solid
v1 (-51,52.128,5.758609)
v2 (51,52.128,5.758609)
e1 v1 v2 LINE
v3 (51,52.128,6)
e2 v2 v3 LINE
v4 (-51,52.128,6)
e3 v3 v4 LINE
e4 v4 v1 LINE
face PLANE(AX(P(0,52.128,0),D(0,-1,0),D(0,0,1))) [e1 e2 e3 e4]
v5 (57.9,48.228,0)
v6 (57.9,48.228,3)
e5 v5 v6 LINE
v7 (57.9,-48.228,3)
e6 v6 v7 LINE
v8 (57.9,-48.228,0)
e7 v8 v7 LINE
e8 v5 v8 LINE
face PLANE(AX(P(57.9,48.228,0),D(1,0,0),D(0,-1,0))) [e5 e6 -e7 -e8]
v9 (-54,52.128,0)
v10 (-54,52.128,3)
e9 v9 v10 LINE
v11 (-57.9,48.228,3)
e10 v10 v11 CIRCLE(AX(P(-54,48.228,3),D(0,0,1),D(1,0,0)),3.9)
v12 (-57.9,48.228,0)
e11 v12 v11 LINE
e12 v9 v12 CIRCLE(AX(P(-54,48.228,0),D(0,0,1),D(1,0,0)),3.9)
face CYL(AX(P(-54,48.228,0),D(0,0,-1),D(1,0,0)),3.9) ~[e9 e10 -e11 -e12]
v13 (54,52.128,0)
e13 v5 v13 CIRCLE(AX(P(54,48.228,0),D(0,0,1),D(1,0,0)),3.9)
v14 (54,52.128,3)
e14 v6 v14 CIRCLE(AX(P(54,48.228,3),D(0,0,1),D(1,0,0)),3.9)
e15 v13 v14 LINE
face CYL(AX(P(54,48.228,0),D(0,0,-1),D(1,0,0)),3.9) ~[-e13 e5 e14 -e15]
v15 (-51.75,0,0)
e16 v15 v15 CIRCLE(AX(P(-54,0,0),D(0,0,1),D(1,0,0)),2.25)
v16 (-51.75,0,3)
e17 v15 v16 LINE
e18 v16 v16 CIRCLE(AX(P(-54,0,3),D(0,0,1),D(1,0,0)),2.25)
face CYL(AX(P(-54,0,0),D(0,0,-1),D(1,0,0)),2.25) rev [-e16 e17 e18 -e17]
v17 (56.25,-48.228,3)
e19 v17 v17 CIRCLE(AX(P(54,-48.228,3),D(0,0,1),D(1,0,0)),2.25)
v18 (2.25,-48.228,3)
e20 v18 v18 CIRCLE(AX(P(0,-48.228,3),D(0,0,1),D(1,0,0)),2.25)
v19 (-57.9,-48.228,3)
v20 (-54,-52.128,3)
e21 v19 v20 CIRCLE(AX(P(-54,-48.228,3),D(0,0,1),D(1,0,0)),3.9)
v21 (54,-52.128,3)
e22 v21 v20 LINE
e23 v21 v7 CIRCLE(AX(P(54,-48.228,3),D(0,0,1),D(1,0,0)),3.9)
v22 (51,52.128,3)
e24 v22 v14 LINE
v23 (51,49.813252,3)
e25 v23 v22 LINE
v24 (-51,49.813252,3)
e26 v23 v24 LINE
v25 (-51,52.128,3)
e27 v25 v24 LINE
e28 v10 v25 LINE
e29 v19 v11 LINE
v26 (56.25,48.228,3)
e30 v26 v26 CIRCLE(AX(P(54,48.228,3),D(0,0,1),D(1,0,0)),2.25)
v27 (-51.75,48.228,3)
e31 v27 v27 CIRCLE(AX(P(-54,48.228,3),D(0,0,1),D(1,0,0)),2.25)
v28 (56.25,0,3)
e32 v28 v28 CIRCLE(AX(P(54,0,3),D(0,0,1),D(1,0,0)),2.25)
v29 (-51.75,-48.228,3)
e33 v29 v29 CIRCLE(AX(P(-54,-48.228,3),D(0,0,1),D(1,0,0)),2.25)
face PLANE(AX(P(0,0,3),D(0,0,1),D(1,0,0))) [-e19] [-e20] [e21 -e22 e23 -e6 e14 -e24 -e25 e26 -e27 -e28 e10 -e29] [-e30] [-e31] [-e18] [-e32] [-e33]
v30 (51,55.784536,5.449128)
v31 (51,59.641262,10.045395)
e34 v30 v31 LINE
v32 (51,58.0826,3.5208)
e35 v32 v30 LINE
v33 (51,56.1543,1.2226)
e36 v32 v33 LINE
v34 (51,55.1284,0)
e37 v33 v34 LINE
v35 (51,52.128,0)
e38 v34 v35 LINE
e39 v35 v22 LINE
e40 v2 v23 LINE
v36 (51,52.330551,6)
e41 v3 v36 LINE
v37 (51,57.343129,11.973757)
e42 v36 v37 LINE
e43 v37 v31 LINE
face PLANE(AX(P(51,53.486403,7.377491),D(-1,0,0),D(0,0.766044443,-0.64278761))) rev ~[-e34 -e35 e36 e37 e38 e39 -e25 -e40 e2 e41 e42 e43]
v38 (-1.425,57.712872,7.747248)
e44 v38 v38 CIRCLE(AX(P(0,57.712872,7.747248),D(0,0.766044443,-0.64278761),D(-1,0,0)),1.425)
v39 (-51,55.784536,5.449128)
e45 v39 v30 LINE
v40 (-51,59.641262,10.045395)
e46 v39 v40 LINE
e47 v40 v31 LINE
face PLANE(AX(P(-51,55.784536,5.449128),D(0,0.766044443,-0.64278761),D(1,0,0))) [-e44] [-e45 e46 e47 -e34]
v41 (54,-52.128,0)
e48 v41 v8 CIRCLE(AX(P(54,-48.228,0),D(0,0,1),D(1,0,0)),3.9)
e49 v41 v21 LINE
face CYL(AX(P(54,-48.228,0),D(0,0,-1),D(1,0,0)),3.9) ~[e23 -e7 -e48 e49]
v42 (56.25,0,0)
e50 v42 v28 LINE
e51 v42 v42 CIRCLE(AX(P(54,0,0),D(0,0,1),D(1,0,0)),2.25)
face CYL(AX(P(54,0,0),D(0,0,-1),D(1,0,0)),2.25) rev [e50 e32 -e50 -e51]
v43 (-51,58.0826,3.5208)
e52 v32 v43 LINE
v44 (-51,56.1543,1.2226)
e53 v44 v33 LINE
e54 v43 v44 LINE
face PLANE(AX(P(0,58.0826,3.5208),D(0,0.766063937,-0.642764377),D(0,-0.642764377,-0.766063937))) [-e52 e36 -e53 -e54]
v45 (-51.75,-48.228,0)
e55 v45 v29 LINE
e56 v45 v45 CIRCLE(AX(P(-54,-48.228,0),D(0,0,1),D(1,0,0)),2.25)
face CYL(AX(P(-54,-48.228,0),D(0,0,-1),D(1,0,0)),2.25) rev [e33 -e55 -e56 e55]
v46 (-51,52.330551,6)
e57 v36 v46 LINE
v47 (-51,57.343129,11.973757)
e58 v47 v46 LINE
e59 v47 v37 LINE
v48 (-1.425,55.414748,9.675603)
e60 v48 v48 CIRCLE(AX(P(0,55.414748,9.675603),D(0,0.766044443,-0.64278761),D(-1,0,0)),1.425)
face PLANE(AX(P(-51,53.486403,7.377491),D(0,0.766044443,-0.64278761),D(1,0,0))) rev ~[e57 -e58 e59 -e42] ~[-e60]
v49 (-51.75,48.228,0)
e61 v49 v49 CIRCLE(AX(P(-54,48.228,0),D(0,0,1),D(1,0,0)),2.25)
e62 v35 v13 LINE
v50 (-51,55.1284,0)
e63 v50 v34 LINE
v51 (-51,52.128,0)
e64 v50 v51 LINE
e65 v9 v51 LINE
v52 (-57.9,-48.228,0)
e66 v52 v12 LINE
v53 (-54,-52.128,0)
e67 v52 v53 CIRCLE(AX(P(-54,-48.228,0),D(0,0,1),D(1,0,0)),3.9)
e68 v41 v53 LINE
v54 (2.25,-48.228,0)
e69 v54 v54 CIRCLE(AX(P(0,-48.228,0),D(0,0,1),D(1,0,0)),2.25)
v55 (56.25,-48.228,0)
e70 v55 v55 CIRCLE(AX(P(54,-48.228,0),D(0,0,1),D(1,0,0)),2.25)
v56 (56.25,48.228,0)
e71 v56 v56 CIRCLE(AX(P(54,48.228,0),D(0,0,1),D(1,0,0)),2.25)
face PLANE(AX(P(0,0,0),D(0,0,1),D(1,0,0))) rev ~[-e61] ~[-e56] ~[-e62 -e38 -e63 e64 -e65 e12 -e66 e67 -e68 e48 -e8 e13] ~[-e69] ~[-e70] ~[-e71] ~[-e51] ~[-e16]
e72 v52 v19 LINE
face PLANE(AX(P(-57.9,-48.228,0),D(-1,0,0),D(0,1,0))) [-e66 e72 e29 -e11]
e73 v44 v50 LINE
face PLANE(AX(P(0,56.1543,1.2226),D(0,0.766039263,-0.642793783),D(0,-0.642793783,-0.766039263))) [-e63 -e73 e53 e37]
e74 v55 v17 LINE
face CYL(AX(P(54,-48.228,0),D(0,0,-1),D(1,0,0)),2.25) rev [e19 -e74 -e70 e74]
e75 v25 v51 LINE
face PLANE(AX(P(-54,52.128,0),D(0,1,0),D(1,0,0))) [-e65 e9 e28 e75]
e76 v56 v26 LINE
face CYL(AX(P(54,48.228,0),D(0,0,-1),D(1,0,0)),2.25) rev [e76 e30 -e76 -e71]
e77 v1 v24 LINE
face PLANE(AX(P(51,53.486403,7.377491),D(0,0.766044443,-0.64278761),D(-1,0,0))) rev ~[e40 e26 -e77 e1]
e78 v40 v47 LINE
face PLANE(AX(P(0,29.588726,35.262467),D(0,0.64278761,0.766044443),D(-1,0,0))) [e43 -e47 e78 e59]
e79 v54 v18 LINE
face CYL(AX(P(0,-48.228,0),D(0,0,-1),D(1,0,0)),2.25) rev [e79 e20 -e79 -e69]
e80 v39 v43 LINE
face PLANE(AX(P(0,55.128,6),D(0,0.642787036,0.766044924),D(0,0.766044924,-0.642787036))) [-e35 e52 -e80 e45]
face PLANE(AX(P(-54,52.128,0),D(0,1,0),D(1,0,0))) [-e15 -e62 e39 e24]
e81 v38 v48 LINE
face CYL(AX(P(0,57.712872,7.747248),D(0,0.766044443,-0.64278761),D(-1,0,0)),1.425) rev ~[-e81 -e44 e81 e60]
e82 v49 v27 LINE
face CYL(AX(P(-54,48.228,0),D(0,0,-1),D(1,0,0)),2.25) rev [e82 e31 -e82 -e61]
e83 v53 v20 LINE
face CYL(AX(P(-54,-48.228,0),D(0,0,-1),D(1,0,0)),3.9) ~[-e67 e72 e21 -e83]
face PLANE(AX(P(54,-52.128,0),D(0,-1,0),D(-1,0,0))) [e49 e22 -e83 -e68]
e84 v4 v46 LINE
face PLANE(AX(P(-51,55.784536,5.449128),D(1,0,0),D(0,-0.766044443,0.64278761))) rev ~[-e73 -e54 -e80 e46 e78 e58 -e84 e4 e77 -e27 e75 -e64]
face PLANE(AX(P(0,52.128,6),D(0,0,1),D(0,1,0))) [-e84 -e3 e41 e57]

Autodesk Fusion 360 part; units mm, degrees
sketch "Sketch1" plane through (0, 0, 0) normal (0, 0, 1) x (1, 0, 0)
  line L0 (-57.9, 52.128) -> (57.9, 52.128)
  line L1 (57.9, 52.128) -> (57.9, -52.128)
  line L2 (57.9, -52.128) -> (-57.9, -52.128)
  line L3 (-57.9, -52.128) -> (-57.9, 52.128)
  circle A0 centre (-54, 48.228) radius 3.9
  circle A1 centre (-54, 0) radius 2.25
  circle A2 centre (-54, -48.228) radius 3.9
  circle A3 centre (0, -48.228) radius 2.25
  circle A4 centre (54, -48.228) radius 3.9
  circle A5 centre (54, 0) radius 2.25
  circle A6 centre (54, 48.228) radius 3.9
  circle A7 centre (-54, 48.228) radius 2.25
  circle A8 centre (-54, -48.228) radius 2.25
  circle A9 centre (54, -48.228) radius 2.25
  circle A10 centre (54, 48.228) radius 2.25
  point P0 (0, 52.128)
  point P1 (-57.9, 0)
  dimension "d1" = 115.8
  dimension "d2" = 104.256
  dimension "d3" = 7.8
  dimension "d4" = 7.8
  dimension "d5" = 7.8
  dimension "d6" = 7.8
  dimension "d7" = 4.5
  dimension "d8" = 4.5
  dimension "d9" = 4.5
  dimension "d10" = 4.5
  dimension "d11" = 4.5
  dimension "d12" = 4.5
  dimension "d13" = 4.5
  dimension "d14" = 48.128
  dimension "d15" = 96.256
  dimension "d16" = 53.9
  dimension "d17" = 107.8
extrude "Extrude1" add sketch "Sketch1" along normal blind 3 contours L0 L1 L2 L3 A0 A2 A4 A6 | A0 | A6 | A2 | A4
sketch "Sketch2" plane through (0, 0, 0) normal (1, 0, 0) x (0, 1, 0)
  line L0 (-2.25, 3) -> (2.25, 3)
  line L1 (-50.478, 3) -> (-45.978, 3)
  line L2 (-2.25, 3) -> (2.25, 3)
  line L3 (45.978, 3) -> (50.478, 3)
  line L4 (-50.478, 3) -> (-45.978, 3)
  line L5 (45.978, 3) -> (50.478, 3)
  line L6 (-50.478, 3) -> (-45.978, 3)
  line L7 (-48.228, 3) -> (-52.128, 3)
  line L8 (-48.228, 3) -> (48.228, 3)
  line L9 (52.128, 3) -> (48.228, 3)
  line L10 (52.128, 3) -> (48.228, 3)
  line L11 (48.228, 3) -> (-48.228, 3)
  line L12 (-48.228, 3) -> (-52.128, 3)
  line L13 (52.128, 0) -> (52.128, 3)
  line L14 (52.128, 3) -> (52.128, 0)
  line L15 (-2.25, 0) -> (2.25, 0)
  line L16 (-50.478, 0) -> (-45.978, 0)
  line L17 (-2.25, 0) -> (2.25, 0)
  line L18 (45.978, 0) -> (50.478, 0)
  line L19 (-50.478, 0) -> (-45.978, 0)
  line L20 (45.978, 0) -> (50.478, 0)
  line L21 (-50.478, 0) -> (-45.978, 0)
  line L22 (-48.228, 0) -> (-52.128, 0)
  line L23 (-48.228, 0) -> (-52.128, 0)
  line L24 (-48.228, 0) -> (48.228, 0)
  line L25 (52.128, 0) -> (48.228, 0)
  line L26 (52.128, 0) -> (48.228, 0)
  line L27 (48.228, 0) -> (-48.228, 0)
  line L28 (52.128, 3) -> (52.128, 6)
  line L29 (52.128, 6) -> (55.128, 6)
  line L30 (55.128, 6) -> (58.0826, 3.5208)
  line L31 (58.0826, 3.5208) -> (56.1543, 1.2226)
  line L32 (56.1543, 1.2226) -> (62.2826, -3.9197)
  line L33 (62.2826, -3.9197) -> (61.2567, -5.1423)
  line L34 (61.2567, -5.1423) -> (55.1284, 0)
  line L35 (56.1543, 1.2226) -> (55.1284, 0)
  line L36 (55.1284, 0) -> (52.128, 0)
  dimension "d20" = 3
  dimension "d21" = 3
  dimension "d22" = 140
  dimension "d24" = 3.857
  dimension "d26" = 3
  dimension "d27" = 8
  dimension "d28" = 1.596
extrude "Extrude2" add sketch "Sketch2" along normal mid plane 102 contours L13 L14 L28 L29 L30 L31 L35 L36
sketch "Sketch1 (2)" plane through (0, 25.732, 30.6662) normal (0, 0.6428, 0.766) x (-1, 0, 0)
  line L0 (51, -38.3738) -> (-51, -38.3738)
  line L1 (-51, -38.3738) -> (-51, -42.2308)
  line L2 (-51, -42.2308) -> (51, -42.2308)
  line L3 (51, -42.2308) -> (51, -38.3738)
  line L4 (51, -39.2308) -> (-51, -39.2308)
  line L5 (-51, -39.2308) -> (-51, -36.2308)
  line L6 (-51, -36.2308) -> (51, -36.2308)
  line L7 (51, -36.2308) -> (51, -39.2308)
  dimension "d67" = 3
  dimension "d68" = 3
extrude "Extrude4" add sketch "Sketch1 (2)" against normal blind 7 contours L0 L1 L3 L4 L5 L7 | L0 L5 L6 L7
sketch "Sketch2 (2)" plane through (0, 25.732, 30.6662) normal (0, 0.6428, 0.766) x (-1, 0, 0)
  line L0 (-51, -36.2308) -> (-51, -42.2308)
  line L1 (-51, -42.2308) -> (51, -42.2308)
  line L2 (51, -42.2308) -> (51, -36.2308)
  line L3 (51, -36.2308) -> (-51, -36.2308)
  line L4 (51, -39.2308) -> (-51, -39.2308)
  line L5 (-51, -39.2308) -> (-51, -36.2308)
  line L6 (-51, -36.2308) -> (51, -36.2308)
  line L7 (51, -36.2308) -> (51, -39.2308)
  dimension "d71" = 3
extrude "Extrude5" add sketch "Sketch2 (2)" along normal blind 6 contours L0 L2 L3 L4 L5 L6 L7
sketch "Sketch3" plane through (0, 30.0525, -25.2171) normal (0, 0.766, -0.6428) x (-1, 0, 0)
  line L0 (-51, 40.0319) -> (51, 40.0319)
  line L1 (51, 40.0319) -> (51, 46.0319)
  line L2 (51, 46.0319) -> (-51, 46.0319)
  line L3 (-51, 46.0319) -> (-51, 40.0319)
  circle A0 centre (0, 43.0319) radius 1.425
  dimension "d74" = 2.85
  dimension "d75" = 3
extrude "Extrude6" cut sketch "Sketch3" against normal blind 4 contours A0
equation "d4 = d3"
equation "d5 = d3"
equation "d6 = d3"
equation "d8 = d7"
equation "d9 = d7"
equation "d10 = d7"
equation "d11 = d7"
equation "d12 = d7"
equation "d13 = d7"
